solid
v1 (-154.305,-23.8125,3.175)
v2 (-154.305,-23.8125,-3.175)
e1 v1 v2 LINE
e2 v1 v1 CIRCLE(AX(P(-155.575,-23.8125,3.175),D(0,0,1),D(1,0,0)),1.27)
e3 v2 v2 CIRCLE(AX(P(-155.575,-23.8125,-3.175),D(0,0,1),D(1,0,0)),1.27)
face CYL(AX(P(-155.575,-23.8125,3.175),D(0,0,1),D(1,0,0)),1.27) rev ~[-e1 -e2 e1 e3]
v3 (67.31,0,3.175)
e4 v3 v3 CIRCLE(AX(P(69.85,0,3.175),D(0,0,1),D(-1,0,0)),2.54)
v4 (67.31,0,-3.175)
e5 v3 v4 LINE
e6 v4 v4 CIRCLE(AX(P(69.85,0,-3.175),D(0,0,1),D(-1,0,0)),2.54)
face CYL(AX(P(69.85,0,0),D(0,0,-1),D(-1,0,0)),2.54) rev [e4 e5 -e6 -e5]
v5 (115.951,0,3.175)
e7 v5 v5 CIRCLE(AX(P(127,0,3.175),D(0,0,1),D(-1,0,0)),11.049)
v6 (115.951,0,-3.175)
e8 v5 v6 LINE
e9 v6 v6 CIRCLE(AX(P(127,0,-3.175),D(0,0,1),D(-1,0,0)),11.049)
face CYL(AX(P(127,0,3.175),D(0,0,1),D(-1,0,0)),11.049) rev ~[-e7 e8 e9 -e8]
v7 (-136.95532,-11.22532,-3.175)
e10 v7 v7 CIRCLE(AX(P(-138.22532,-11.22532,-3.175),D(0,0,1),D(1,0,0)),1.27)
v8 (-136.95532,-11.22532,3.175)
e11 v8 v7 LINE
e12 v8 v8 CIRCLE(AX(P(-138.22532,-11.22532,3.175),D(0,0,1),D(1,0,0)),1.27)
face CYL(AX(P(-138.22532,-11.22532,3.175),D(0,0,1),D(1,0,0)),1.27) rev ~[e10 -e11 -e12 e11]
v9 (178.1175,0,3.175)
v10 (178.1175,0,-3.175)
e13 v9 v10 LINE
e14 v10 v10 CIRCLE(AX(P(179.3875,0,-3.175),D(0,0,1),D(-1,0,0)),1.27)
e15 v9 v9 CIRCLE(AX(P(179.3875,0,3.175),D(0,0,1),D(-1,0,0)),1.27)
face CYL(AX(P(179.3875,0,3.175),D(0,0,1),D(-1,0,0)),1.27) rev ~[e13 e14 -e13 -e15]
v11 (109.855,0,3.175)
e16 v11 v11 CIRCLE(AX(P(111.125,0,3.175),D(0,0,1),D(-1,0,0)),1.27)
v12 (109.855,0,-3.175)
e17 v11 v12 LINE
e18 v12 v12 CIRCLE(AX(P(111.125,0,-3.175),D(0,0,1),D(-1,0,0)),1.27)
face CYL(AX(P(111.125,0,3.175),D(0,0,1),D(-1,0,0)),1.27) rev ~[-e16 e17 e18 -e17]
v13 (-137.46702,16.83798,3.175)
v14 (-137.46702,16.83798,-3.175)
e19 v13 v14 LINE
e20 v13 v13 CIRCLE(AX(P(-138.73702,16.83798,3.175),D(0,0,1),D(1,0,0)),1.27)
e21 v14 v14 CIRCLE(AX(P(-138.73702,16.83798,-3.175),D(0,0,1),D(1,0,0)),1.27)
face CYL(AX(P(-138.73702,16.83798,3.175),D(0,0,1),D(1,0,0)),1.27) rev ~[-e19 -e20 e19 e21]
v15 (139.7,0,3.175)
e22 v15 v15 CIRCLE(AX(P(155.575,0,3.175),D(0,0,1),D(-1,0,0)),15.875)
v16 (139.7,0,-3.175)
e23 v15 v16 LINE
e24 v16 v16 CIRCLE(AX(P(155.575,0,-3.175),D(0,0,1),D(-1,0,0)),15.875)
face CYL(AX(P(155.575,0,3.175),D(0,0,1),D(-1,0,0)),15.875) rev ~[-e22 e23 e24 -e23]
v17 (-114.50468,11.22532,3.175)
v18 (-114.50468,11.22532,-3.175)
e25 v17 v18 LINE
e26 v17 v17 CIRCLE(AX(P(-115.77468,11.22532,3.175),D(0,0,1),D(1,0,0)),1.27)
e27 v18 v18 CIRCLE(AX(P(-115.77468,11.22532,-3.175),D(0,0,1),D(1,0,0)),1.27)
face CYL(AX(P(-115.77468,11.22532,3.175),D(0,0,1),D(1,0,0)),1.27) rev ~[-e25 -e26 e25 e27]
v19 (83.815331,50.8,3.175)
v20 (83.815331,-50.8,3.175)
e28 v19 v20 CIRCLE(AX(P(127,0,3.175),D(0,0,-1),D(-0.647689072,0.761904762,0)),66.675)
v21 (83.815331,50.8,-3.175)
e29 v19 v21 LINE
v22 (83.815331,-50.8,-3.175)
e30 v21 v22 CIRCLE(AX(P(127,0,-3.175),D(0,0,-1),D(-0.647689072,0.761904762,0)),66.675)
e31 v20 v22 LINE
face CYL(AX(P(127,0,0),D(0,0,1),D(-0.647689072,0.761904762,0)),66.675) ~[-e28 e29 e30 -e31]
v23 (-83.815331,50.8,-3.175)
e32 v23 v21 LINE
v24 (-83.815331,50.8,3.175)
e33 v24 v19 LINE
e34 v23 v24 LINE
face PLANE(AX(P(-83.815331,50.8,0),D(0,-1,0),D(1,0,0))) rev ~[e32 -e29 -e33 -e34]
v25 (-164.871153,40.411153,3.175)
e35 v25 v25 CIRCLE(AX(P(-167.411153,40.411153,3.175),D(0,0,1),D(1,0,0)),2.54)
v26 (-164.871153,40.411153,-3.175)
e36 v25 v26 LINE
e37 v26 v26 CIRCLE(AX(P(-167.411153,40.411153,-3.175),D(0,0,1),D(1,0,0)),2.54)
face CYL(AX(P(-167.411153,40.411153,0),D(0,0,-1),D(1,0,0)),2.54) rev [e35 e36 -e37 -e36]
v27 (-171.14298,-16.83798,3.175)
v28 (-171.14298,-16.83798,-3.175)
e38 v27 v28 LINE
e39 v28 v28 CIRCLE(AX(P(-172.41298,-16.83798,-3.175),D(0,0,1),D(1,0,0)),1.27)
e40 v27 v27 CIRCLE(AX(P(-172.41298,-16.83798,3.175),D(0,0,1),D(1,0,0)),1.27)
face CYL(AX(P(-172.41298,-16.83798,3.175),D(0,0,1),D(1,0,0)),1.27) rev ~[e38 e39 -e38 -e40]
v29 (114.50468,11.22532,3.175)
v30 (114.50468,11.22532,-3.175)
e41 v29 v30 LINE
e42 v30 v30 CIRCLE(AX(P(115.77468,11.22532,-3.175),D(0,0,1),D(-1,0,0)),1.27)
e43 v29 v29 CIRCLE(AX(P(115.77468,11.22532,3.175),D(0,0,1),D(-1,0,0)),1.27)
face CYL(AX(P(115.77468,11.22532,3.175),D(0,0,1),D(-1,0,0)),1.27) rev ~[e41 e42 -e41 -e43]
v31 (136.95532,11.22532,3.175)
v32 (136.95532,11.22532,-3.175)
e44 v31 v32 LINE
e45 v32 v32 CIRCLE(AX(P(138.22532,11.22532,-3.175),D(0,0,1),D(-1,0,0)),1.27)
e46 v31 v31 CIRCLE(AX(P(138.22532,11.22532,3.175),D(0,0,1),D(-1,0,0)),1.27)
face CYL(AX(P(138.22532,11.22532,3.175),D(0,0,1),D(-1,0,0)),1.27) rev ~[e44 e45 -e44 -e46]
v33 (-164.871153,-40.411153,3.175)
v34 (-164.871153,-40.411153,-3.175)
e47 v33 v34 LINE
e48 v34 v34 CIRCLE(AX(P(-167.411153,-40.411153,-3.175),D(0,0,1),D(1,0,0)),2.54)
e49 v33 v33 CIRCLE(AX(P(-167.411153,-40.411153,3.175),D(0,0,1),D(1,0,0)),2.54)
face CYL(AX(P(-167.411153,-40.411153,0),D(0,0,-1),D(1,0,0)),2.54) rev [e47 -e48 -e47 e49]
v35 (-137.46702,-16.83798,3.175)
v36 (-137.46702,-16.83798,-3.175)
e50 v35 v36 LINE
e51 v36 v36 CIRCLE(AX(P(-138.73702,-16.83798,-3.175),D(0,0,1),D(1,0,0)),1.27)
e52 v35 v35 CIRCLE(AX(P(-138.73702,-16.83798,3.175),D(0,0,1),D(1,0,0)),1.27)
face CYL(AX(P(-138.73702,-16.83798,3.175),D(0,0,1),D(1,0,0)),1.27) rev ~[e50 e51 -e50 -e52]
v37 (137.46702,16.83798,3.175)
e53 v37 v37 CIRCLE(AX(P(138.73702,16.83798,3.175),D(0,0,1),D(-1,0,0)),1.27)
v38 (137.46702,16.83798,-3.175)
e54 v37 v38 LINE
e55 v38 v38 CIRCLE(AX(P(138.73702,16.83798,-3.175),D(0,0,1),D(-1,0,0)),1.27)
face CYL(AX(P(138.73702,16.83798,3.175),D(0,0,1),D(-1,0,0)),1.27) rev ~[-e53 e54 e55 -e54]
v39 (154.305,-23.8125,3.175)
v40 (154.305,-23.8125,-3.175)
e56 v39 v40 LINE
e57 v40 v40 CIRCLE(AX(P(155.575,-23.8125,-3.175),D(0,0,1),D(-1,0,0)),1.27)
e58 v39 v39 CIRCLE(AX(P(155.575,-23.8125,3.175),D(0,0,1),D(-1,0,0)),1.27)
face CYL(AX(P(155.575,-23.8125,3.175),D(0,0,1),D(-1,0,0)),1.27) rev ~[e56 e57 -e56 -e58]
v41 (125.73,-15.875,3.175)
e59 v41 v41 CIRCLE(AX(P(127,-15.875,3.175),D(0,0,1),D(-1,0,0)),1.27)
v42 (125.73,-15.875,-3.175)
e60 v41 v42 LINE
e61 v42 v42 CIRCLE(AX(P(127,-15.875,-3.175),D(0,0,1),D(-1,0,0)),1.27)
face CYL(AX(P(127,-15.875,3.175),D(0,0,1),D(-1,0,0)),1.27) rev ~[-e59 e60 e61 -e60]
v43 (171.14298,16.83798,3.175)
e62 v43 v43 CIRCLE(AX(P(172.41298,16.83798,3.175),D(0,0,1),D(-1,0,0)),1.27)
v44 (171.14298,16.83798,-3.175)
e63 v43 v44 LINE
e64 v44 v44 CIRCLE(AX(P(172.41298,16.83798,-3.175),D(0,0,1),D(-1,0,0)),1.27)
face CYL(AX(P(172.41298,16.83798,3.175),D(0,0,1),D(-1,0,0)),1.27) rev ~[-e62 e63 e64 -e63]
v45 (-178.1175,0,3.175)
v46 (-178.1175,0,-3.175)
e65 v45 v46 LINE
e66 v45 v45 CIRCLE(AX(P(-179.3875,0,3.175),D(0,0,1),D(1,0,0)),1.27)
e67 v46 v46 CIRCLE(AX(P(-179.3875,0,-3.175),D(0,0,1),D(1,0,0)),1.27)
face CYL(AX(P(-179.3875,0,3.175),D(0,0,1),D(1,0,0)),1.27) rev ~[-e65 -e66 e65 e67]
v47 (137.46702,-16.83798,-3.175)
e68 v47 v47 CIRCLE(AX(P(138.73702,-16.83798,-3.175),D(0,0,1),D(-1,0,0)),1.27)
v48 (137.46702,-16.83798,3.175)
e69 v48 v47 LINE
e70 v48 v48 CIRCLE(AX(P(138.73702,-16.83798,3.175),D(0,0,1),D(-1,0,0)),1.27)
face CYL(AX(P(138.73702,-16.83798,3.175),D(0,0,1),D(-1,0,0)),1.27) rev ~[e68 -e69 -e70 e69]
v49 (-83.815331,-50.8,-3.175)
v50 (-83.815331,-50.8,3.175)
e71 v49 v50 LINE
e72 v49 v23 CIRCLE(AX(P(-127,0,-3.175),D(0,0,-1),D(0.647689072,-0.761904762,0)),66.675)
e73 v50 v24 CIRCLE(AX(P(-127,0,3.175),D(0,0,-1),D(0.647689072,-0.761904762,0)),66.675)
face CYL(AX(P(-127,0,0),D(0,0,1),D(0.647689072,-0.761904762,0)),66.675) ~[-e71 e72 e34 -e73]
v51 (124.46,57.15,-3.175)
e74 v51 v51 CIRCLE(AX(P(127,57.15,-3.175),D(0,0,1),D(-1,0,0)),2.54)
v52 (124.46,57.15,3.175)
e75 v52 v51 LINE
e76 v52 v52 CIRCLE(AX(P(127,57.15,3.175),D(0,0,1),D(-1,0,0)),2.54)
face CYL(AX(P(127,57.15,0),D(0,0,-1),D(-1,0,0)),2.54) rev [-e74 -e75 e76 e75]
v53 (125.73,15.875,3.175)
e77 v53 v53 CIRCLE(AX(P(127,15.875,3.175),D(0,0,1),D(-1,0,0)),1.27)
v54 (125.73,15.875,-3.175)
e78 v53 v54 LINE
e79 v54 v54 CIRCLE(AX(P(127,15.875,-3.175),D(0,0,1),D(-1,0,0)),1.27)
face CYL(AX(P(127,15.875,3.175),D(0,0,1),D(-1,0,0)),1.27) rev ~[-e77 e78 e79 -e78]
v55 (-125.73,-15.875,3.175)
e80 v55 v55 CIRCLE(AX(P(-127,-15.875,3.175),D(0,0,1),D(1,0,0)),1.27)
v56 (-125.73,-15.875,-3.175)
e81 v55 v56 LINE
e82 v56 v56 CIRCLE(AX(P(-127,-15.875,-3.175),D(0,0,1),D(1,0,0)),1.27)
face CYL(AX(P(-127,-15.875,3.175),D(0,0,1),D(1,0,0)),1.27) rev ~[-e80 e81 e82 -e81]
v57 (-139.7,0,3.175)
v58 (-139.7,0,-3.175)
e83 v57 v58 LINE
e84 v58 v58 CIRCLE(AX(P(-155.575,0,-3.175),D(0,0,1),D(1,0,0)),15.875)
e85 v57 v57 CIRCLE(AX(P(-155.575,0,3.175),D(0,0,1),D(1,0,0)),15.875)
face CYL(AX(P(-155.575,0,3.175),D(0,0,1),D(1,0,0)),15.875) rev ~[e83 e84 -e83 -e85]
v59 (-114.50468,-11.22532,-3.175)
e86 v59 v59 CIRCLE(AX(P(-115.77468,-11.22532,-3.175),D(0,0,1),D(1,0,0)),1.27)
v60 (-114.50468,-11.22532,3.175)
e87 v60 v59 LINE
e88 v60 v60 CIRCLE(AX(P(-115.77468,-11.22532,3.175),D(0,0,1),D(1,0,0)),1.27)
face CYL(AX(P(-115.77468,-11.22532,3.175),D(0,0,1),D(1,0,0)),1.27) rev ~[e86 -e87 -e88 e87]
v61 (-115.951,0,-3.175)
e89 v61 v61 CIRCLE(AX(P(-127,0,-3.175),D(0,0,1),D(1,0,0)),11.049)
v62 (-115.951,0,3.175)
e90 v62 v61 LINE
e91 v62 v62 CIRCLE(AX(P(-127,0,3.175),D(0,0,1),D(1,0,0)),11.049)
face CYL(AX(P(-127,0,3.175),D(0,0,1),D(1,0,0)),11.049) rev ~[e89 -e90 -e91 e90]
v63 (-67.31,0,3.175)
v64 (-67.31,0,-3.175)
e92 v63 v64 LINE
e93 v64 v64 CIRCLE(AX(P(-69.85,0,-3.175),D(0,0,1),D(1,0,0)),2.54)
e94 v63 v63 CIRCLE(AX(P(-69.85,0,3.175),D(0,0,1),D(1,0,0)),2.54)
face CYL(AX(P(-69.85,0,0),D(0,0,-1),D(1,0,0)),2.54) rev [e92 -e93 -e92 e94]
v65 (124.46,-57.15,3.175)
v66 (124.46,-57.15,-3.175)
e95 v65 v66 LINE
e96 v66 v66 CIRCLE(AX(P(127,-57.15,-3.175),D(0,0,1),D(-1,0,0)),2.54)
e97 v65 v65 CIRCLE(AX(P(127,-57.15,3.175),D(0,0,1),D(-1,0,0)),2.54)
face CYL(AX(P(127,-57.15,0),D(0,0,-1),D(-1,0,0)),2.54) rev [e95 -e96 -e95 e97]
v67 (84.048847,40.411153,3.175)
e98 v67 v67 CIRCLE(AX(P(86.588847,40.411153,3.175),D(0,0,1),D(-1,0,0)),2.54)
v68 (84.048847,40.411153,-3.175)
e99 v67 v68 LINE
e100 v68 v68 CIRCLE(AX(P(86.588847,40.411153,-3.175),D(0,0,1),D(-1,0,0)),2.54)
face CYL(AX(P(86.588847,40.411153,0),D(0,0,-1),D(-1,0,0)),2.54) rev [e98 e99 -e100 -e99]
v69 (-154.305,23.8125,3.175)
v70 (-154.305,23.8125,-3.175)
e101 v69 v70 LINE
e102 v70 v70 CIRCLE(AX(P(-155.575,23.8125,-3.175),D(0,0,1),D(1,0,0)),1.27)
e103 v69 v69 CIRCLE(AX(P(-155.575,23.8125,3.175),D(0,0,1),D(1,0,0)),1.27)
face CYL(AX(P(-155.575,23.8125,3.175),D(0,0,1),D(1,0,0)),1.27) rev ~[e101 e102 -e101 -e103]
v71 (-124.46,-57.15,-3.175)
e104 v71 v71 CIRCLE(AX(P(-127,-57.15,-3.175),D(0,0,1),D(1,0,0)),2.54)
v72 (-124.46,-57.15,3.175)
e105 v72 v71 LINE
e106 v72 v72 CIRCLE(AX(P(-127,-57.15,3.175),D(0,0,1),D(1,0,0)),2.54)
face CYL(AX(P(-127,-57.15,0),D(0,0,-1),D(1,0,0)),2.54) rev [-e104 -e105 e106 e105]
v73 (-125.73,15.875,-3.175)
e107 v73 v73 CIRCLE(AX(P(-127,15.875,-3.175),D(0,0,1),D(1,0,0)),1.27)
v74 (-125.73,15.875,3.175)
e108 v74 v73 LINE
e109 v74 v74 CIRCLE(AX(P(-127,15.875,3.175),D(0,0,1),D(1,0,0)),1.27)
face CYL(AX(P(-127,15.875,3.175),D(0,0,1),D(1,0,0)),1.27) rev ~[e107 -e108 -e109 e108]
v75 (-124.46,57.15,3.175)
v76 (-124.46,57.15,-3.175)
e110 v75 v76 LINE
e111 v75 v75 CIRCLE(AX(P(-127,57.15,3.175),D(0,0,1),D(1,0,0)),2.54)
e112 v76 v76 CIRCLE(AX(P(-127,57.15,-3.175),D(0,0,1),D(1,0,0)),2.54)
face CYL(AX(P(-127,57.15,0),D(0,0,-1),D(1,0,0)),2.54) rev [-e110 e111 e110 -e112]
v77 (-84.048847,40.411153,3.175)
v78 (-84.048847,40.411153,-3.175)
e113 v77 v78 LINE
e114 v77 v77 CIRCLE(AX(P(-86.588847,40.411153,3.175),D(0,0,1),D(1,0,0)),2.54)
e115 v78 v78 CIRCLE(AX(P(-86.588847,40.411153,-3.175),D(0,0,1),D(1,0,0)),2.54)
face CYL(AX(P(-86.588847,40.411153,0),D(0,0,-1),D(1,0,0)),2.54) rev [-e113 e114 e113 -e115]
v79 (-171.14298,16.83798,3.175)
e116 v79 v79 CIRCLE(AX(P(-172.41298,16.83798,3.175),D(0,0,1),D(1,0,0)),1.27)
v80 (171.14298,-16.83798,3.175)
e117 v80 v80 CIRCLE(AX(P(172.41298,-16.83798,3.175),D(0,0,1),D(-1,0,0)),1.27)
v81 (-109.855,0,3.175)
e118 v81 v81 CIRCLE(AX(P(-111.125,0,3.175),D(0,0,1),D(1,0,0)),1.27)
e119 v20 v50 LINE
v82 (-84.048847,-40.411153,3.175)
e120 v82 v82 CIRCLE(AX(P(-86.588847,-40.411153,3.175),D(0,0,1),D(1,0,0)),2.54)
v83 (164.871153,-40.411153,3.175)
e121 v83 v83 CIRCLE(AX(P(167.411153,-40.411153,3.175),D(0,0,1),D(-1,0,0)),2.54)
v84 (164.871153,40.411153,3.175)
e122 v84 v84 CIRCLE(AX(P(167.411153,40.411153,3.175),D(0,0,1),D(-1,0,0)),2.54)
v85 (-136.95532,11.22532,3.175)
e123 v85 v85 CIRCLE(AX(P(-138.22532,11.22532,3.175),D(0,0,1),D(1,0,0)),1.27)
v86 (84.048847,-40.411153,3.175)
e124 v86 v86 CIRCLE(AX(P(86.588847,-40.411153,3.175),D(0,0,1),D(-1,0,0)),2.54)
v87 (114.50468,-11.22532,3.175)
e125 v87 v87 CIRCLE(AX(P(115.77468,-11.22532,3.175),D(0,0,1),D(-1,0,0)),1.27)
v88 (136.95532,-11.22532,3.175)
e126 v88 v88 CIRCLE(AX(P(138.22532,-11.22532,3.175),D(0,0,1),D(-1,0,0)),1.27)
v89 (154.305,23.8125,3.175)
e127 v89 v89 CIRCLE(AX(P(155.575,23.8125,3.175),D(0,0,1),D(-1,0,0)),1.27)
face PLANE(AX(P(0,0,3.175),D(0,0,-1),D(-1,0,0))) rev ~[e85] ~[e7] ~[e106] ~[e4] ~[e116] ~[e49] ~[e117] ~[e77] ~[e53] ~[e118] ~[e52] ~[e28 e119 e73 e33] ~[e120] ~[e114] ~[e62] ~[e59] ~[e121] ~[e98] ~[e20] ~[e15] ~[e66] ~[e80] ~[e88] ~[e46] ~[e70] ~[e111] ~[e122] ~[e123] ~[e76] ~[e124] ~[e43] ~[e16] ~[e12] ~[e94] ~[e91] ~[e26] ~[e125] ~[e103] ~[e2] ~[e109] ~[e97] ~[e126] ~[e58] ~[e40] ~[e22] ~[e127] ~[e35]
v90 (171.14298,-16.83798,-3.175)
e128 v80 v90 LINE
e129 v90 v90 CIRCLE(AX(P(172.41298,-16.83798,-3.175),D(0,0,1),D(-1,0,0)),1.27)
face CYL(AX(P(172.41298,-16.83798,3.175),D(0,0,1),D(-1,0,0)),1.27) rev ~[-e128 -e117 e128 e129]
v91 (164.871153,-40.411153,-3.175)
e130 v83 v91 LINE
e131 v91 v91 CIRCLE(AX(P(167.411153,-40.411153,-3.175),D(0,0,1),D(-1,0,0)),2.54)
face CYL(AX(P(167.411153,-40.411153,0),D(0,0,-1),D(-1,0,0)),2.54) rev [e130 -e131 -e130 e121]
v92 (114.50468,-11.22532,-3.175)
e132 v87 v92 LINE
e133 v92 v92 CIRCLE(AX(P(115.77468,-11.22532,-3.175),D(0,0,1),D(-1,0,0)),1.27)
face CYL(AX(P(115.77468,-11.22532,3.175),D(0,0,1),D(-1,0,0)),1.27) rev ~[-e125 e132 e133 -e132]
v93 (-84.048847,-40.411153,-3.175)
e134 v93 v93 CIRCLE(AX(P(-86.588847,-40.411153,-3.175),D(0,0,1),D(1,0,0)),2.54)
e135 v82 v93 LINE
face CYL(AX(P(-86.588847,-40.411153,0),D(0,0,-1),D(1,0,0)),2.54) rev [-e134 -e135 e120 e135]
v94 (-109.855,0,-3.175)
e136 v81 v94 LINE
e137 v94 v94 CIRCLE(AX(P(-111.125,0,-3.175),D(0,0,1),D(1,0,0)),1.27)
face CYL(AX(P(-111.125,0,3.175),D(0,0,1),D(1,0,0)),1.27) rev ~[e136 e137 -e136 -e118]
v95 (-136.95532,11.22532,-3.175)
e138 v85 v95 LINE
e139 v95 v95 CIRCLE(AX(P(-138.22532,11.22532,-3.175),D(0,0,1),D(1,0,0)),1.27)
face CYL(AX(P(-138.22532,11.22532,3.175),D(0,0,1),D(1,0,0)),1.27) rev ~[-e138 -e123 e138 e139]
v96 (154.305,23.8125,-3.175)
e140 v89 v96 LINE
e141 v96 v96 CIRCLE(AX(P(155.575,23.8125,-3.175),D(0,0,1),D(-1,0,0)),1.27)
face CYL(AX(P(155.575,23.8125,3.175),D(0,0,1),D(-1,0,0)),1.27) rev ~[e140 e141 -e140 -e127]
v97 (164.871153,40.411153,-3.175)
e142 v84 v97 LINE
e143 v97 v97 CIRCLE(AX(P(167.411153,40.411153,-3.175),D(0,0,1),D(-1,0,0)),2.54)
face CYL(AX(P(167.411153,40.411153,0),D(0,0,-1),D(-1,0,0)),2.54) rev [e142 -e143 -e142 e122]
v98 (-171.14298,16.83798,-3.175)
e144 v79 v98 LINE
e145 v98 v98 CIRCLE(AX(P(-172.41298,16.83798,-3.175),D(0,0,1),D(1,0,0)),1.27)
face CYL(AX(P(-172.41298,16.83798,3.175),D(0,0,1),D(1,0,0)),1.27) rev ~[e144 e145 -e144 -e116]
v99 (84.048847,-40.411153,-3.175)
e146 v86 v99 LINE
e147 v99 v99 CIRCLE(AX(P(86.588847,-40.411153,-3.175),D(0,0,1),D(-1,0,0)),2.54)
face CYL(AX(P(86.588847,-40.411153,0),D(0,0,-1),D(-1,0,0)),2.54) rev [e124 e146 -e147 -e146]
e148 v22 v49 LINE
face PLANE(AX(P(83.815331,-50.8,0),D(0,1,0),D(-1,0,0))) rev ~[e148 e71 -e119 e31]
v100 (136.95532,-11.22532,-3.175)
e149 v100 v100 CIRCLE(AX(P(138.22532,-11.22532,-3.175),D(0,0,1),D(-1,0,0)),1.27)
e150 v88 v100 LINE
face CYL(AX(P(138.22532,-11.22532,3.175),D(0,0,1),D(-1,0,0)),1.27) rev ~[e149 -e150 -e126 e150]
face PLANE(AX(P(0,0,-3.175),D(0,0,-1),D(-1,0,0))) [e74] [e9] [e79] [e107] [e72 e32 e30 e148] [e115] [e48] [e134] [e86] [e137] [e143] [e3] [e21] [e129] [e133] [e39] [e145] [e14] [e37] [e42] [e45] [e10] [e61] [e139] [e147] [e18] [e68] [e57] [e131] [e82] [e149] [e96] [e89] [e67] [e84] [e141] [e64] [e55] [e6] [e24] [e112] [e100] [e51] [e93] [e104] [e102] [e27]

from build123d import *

# Parameters (mm, degrees)
SKETCH1_R           = 3.175
SKETCH1_R_2         = 2.54
BOSS_EXTRUDE1_DEPTH = 3.175
SKETCH2_R           = 11.049
SKETCH2_R_2         = 15.875
SKETCH2_R_3         = 1.27
CUT_EXTRUDE1_DEPTH  = 205.928972451


with BuildPart() as part:
    # Sketch1 → Boss-Extrude1 (new, symmetric)
    with BuildSketch(Plane.XY):
        with BuildLine():
            Line((-83.815331135, 50.8), (83.815331135, 50.8))
            ThreePointArc((83.815331135, 50.8), (193.675, 0), (83.815331135, -50.8))
            Line((83.815331135, -50.8), (-83.815331135, -50.8))
            ThreePointArc((-83.815331135, -50.8), (-193.675, 0), (-83.815331135, 50.8))
        make_face()
        with Locations((-127, 0)):
            Circle(SKETCH1_R, mode=Mode.SUBTRACT)
        with Locations((127, 0)):
            Circle(SKETCH1_R, mode=Mode.SUBTRACT)
        with Locations((-127, 57.15)):
            Circle(SKETCH1_R_2, mode=Mode.SUBTRACT)
        with Locations((-86.588847455, 40.411152545)):
            Circle(SKETCH1_R_2, mode=Mode.SUBTRACT)
        with Locations((-69.85, 0)):
            Circle(SKETCH1_R_2, mode=Mode.SUBTRACT)
        with Locations((-86.588847455, -40.411152545)):
            Circle(SKETCH1_R_2, mode=Mode.SUBTRACT)
        with Locations((-127, -57.15)):
            Circle(SKETCH1_R_2, mode=Mode.SUBTRACT)
        with Locations((-167.411152545, -40.411152545)):
            Circle(SKETCH1_R_2, mode=Mode.SUBTRACT)
        with Locations((-167.411152545, 40.411152545)):
            Circle(SKETCH1_R_2, mode=Mode.SUBTRACT)
        with Locations(Location((127, 57.15, 0), (0, 0, 180))):
            Circle(SKETCH1_R_2, mode=Mode.SUBTRACT)
        with Locations(Location((167.411152545, 40.411152545, 0), (0, 0, 180))):
            Circle(SKETCH1_R_2, mode=Mode.SUBTRACT)
        with Locations(Location((167.411152545, -40.411152545, 0), (0, 0, 180))):
            Circle(SKETCH1_R_2, mode=Mode.SUBTRACT)
        with Locations(Location((127, -57.15, 0), (0, 0, 180))):
            Circle(SKETCH1_R_2, mode=Mode.SUBTRACT)
        with Locations(Location((86.588847455, -40.411152545, 0), (0, 0, 180))):
            Circle(SKETCH1_R_2, mode=Mode.SUBTRACT)
        with Locations(Location((69.85, 0, 0), (0, 0, 180))):
            Circle(SKETCH1_R_2, mode=Mode.SUBTRACT)
        with Locations(Location((86.588847455, 40.411152545, 0), (0, 0, 180))):
            Circle(SKETCH1_R_2, mode=Mode.SUBTRACT)
    extrude(amount=BOSS_EXTRUDE1_DEPTH, both=True)

    # Sketch2 → Cut-Extrude1 (cut, through all)
    with BuildSketch(Plane.XY.offset(3.175)):
        with Locations((-127, 0)):
            Circle(SKETCH2_R)
        with Locations((-155.575, 0)):
            Circle(SKETCH2_R_2)
        with Locations((-155.575, 23.8125)):
            Circle(SKETCH2_R_3)
        with Locations((-138.737019773, 16.837980227)):
            Circle(SKETCH2_R_3)
        with Locations((-138.737019773, -16.837980227)):
            Circle(SKETCH2_R_3)
        with Locations((-155.575, -23.8125)):
            Circle(SKETCH2_R_3)
        with Locations((-172.412980227, -16.837980227)):
            Circle(SKETCH2_R_3)
        with Locations((-179.3875, 0)):
            Circle(SKETCH2_R_3)
        with Locations((-172.412980227, 16.837980227)):
            Circle(SKETCH2_R_3)
        with Locations((-127, 15.875)):
            Circle(SKETCH2_R_3)
        with Locations((-115.774679849, 11.225320151)):
            Circle(SKETCH2_R_3)
        with Locations((-111.125, 0)):
            Circle(SKETCH2_R_3)
        with Locations((-115.774679849, -11.225320151)):
            Circle(SKETCH2_R_3)
        with Locations((-127, -15.875)):
            Circle(SKETCH2_R_3)
        with Locations((-138.225320151, -11.225320151)):
            Circle(SKETCH2_R_3)
        with Locations(Location((138.225320151, 11.225320151, 0), (0, 0, 180))):
            Circle(SKETCH2_R_3)
        with Locations((-138.225320151, 11.225320151)):
            Circle(SKETCH2_R_3)
        with Locations(Location((138.225320151, -11.225320151, 0), (0, 0, 180))):
            Circle(SKETCH2_R_3)
        with Locations(Location((127, -15.875, 0), (0, 0, 180))):
            Circle(SKETCH2_R_3)
        with Locations(Location((115.774679849, -11.225320151, 0), (0, 0, 180))):
            Circle(SKETCH2_R_3)
        with Locations(Location((111.125, 0, 0), (0, 0, 180))):
            Circle(SKETCH2_R_3)
        with Locations(Location((115.774679849, 11.225320151, 0), (0, 0, 180))):
            Circle(SKETCH2_R_3)
        with Locations(Location((127, 15.875, 0), (0, 0, 180))):
            Circle(SKETCH2_R_3)
        with Locations(Location((172.412980227, 16.837980227, 0), (0, 0, 180))):
            Circle(SKETCH2_R_3)
        with Locations(Location((179.3875, 0, 0), (0, 0, 180))):
            Circle(SKETCH2_R_3)
        with Locations(Location((172.412980227, -16.837980227, 0), (0, 0, 180))):
            Circle(SKETCH2_R_3)
        with Locations(Location((155.575, -23.8125, 0), (0, 0, 180))):
            Circle(SKETCH2_R_3)
        with Locations(Location((138.737019773, -16.837980227, 0), (0, 0, 180))):
            Circle(SKETCH2_R_3)
        with Locations(Location((138.737019773, 16.837980227, 0), (0, 0, 180))):
            Circle(SKETCH2_R_3)
        with Locations(Location((155.575, 23.8125, 0), (0, 0, 180))):
            Circle(SKETCH2_R_3)
        with Locations(Location((155.575, 0, 0), (0, 0, 180))):
            Circle(SKETCH2_R_2)
        with Locations(Location((127, 0, 0), (0, 0, 180))):
            Circle(SKETCH2_R)
    extrude(amount=-CUT_EXTRUDE1_DEPTH, mode=Mode.SUBTRACT)


solid = part.part
